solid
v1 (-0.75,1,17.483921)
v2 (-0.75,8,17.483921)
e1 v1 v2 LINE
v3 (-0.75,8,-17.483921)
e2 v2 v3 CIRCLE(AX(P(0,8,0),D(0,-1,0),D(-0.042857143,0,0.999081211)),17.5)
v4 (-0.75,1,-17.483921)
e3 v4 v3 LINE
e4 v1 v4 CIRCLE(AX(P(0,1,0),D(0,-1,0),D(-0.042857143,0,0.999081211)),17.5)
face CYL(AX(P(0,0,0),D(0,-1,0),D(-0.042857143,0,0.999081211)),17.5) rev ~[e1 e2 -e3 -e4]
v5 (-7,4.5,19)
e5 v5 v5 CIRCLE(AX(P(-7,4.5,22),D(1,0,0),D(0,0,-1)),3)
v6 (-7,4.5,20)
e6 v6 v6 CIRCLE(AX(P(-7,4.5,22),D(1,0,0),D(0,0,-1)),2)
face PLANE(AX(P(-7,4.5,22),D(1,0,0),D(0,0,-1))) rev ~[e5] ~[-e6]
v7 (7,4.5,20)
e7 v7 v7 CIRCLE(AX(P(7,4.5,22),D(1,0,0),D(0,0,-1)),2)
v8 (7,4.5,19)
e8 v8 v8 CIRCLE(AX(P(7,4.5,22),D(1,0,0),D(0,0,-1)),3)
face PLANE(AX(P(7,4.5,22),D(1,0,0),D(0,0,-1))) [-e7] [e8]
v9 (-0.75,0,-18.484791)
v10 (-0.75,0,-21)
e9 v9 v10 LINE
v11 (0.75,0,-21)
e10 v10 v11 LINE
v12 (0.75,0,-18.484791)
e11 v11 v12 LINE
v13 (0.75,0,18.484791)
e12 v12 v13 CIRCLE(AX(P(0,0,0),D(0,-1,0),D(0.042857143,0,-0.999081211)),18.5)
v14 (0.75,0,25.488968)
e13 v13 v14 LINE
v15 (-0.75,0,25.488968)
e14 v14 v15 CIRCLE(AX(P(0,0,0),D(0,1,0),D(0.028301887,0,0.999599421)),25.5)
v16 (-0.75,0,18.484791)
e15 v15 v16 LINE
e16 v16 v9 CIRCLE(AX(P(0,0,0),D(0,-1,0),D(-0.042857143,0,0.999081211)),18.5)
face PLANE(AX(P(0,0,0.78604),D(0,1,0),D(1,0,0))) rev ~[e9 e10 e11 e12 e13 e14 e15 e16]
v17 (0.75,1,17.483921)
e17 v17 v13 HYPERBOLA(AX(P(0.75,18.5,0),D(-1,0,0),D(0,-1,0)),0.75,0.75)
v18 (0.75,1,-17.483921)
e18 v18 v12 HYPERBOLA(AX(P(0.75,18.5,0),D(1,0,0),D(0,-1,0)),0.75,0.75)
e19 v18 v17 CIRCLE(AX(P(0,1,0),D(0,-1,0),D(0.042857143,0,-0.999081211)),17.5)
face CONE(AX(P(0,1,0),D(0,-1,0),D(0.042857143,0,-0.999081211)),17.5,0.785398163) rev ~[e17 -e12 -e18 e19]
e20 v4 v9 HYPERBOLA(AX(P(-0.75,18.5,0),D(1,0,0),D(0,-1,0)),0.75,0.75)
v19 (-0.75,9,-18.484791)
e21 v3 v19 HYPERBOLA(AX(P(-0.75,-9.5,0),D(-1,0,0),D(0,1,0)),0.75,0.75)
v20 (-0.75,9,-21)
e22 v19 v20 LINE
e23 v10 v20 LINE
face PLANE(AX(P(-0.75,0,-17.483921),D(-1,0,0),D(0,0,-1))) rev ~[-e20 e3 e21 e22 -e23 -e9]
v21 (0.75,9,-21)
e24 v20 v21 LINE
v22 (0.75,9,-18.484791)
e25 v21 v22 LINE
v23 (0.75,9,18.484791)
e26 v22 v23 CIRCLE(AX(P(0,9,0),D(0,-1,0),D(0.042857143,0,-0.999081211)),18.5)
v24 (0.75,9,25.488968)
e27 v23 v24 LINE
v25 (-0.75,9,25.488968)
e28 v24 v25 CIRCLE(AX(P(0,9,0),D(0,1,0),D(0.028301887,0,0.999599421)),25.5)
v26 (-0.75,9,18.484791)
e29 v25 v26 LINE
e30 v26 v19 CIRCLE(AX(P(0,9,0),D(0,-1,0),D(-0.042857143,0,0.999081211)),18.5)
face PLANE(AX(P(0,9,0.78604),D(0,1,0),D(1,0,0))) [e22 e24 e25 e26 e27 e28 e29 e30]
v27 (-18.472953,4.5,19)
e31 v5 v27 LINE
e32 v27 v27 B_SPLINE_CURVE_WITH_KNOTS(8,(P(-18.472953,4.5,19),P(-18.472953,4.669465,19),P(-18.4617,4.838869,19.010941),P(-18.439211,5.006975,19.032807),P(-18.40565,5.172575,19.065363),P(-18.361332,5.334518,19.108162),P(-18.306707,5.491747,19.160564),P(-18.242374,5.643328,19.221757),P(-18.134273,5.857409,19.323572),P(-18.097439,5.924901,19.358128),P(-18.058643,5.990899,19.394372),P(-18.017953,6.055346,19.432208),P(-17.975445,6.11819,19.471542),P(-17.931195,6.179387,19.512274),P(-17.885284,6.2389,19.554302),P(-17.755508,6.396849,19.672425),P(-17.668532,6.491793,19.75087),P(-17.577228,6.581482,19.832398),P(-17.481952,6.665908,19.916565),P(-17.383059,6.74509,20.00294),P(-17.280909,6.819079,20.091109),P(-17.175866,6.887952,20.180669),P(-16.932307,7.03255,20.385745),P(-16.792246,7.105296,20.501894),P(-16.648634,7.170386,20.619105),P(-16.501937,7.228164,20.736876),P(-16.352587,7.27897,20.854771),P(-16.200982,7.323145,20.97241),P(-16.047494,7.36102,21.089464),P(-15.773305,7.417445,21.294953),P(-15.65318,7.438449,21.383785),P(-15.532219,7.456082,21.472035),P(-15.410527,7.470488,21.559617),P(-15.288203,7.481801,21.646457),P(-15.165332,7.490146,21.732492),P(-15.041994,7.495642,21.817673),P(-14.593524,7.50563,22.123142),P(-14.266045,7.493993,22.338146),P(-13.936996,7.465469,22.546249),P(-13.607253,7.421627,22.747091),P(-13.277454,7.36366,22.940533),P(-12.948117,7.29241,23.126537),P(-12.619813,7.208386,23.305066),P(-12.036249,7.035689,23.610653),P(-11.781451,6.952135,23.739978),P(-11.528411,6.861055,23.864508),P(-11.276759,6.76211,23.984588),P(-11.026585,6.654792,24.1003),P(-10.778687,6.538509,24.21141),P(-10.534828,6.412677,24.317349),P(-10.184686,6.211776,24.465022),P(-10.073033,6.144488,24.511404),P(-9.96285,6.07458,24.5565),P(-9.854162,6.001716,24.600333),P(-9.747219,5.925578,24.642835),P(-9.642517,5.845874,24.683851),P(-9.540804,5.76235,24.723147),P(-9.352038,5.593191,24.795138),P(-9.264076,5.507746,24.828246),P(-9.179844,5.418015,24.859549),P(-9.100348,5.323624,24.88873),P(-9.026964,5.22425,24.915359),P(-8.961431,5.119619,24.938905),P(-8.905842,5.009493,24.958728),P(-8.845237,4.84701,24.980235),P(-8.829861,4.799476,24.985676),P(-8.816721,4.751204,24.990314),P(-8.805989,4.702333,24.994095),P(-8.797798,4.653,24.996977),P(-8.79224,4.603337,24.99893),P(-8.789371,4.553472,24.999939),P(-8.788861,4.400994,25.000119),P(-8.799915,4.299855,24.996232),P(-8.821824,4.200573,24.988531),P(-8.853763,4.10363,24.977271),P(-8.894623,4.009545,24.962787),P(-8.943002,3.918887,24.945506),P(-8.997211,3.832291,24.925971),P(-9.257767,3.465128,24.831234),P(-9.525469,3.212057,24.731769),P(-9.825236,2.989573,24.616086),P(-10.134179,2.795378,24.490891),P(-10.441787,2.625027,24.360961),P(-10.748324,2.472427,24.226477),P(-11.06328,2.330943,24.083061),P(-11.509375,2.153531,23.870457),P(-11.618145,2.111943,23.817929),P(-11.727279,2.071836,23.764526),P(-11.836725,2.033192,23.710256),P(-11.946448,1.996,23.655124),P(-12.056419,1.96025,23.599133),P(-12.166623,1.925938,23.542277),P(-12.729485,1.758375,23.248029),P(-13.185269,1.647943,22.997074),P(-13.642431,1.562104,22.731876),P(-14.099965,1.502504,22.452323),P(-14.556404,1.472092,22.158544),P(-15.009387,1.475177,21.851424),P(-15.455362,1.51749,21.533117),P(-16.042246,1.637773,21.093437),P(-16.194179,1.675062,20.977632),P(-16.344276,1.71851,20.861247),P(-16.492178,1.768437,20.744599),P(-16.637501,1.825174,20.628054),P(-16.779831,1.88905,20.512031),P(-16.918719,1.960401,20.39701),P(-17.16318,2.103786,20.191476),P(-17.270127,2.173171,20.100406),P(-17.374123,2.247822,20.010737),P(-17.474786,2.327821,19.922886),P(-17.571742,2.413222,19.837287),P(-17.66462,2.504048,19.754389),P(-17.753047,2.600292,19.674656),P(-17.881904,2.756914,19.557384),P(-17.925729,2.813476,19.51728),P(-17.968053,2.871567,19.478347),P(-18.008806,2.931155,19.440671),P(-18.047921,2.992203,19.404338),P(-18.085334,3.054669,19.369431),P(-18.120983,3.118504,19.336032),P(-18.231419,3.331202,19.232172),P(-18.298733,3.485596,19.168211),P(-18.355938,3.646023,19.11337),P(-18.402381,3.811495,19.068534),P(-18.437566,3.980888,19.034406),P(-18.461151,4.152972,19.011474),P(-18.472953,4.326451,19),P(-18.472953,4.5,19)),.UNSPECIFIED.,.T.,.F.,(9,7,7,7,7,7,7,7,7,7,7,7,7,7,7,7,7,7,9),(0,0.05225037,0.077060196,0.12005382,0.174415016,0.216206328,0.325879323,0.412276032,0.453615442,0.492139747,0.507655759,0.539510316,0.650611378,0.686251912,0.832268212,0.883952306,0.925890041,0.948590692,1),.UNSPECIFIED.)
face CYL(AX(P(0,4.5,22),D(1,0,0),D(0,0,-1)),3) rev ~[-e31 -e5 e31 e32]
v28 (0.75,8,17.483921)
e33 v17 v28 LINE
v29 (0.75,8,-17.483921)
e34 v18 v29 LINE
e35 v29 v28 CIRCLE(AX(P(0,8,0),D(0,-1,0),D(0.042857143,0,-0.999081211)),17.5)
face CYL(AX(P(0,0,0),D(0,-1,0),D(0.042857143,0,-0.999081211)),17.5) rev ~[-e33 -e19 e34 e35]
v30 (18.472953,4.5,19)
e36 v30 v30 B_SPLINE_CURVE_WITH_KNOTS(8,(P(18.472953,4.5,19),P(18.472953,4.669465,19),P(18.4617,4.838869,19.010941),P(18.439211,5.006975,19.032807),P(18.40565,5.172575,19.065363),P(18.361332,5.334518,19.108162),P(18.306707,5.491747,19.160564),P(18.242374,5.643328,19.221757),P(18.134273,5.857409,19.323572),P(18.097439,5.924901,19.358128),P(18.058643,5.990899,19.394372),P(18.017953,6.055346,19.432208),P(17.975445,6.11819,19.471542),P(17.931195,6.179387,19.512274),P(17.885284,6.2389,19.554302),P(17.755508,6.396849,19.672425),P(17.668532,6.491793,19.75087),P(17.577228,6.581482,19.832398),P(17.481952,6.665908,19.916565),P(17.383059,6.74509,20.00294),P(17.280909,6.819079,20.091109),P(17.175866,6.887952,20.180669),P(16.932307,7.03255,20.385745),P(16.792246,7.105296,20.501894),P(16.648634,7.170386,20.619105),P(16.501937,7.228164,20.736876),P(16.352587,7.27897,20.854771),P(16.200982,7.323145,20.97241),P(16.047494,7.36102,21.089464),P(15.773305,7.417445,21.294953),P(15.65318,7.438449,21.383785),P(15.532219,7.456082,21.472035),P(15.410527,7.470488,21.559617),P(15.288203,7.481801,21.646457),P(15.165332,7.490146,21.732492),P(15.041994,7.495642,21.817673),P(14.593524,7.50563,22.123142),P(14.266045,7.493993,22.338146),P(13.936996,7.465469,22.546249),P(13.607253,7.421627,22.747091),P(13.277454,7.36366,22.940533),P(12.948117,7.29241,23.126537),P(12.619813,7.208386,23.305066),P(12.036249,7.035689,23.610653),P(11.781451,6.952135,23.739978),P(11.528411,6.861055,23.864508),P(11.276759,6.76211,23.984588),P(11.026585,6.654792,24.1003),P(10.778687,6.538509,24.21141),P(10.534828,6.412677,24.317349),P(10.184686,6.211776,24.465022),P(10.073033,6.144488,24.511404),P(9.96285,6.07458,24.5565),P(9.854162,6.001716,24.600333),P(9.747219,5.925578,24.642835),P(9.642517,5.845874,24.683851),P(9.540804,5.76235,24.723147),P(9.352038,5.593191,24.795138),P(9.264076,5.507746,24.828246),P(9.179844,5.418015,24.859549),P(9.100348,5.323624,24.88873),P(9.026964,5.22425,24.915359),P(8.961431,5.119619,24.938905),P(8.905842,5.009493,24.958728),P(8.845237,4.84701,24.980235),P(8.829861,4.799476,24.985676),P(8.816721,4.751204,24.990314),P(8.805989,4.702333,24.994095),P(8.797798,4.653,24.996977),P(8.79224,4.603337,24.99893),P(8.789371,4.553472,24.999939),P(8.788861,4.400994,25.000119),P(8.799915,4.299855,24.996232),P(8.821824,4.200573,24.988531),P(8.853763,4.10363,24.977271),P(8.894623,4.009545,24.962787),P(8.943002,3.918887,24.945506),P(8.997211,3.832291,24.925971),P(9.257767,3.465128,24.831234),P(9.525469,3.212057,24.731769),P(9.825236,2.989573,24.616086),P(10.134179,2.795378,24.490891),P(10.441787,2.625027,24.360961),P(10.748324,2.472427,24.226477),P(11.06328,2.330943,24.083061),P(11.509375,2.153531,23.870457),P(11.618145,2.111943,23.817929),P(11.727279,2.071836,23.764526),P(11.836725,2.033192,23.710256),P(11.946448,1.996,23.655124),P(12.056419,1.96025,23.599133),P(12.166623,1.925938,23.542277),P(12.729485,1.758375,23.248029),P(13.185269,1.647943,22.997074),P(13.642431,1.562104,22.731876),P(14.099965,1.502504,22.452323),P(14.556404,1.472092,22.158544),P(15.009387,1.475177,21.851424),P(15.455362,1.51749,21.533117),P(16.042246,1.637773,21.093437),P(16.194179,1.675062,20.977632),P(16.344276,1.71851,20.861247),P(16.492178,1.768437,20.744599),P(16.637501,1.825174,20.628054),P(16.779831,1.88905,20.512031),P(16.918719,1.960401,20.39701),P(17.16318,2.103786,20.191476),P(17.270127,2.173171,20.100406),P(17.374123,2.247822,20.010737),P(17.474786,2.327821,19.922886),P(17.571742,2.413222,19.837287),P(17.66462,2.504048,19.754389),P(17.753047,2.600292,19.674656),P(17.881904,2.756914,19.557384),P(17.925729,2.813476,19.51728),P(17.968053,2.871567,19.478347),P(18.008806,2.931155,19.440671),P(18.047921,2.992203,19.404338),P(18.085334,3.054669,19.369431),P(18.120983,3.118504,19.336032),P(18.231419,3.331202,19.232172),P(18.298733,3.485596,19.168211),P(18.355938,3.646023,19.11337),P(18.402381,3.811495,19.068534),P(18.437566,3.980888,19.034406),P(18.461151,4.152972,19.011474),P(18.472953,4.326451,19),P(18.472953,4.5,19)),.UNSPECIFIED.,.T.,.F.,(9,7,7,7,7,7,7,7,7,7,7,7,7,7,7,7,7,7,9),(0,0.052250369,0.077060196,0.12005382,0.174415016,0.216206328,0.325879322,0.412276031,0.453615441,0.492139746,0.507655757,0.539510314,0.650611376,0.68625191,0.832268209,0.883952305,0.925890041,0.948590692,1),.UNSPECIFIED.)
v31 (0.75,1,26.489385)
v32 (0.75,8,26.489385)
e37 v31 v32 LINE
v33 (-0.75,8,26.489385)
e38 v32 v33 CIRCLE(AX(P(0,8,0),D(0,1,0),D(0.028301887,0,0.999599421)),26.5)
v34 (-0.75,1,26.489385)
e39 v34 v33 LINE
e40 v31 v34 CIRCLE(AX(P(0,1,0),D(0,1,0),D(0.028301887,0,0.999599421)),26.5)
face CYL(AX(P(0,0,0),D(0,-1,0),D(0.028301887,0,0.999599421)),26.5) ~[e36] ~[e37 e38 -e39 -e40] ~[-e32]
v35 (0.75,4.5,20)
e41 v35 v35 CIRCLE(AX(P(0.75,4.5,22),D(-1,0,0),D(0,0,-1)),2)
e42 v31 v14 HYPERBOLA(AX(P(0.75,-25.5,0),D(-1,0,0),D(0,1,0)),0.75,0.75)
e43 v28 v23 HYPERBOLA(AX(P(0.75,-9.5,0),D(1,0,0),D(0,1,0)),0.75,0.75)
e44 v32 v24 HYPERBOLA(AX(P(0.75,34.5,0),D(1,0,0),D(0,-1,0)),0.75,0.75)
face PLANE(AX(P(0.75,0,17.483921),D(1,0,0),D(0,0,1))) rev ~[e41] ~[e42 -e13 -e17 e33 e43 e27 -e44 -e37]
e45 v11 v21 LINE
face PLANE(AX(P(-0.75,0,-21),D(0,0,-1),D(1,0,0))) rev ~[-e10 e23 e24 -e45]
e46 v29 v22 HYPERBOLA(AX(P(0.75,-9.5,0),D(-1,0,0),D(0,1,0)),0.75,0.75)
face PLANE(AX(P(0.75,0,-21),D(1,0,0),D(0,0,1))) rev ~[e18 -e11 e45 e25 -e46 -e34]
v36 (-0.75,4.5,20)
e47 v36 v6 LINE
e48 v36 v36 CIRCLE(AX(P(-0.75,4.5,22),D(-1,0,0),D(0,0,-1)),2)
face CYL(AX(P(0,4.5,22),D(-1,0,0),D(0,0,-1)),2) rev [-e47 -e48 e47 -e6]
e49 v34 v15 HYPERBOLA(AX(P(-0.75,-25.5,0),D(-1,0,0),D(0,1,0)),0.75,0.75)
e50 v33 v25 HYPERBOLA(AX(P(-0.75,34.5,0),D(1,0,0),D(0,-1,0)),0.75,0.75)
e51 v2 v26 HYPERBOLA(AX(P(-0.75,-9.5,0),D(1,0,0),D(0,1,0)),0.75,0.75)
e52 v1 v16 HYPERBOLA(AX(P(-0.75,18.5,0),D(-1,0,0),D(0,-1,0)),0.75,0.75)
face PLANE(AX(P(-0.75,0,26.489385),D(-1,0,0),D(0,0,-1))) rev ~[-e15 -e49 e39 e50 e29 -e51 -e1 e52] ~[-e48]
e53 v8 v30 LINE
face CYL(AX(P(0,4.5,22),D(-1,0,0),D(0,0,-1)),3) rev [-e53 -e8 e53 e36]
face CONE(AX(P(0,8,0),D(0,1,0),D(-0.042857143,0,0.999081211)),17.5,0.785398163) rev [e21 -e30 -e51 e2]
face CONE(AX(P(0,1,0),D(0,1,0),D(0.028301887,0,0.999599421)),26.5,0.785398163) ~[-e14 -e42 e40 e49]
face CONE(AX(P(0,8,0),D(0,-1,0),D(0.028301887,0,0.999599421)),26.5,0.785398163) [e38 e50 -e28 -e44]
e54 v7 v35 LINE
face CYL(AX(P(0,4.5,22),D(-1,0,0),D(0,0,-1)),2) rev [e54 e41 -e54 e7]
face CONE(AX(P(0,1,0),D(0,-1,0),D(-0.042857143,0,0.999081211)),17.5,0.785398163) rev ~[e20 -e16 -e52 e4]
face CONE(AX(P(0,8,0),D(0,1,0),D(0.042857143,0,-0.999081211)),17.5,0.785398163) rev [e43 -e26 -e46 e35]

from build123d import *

# Parameters (mm, degrees)
BOSS_EXTRUDE1_DEPTH     = 9
CHAMFER1_SIZE           = 1
SKETCH2_R               = 3
CUT_EXTRUDE2_DEPTH      = 27.5
CUT_EXTRUDE2_DEPTH_BACK = 27.5
SKETCH2_3_R             = 3
SKETCH2_3_R_2           = 2
BOSS_EXTRUDE2_DEPTH     = 7
SKETCH3_W               = 1.5
SKETCH3_H               = 7.004177156
CUT_EXTRUDE3_DEPTH      = 1
CUT_EXTRUDE3_DEPTH_BACK = 10


with BuildPart() as part:
    # Sketch1 → Boss-Extrude1 (new body)
    with BuildSketch(Plane(origin=(0, 0, 0), x_dir=(1, 0, 0), z_dir=(0, 1, 0))):
        with BuildLine():
            Line((-0.75, 21), (0.75, 21))
            Line((0.75, 21), (0.75, 17.483921185))
            ThreePointArc((0.75, 17.483921185), (17.5, 0), (0.75, -17.483921185))
            Line((0.75, -17.483921185), (0.75, -26.489384666))
            ThreePointArc((0.75, -26.489384666), (0, 26.5), (-0.75, -26.489384666))
            Line((-0.75, -26.489384666), (-0.75, -17.483921185))
            ThreePointArc((-0.75, -17.483921185), (-17.5, 0), (-0.75, 17.483921185))
            Line((-0.75, 17.483921185), (-0.75, 21))
        make_face()
    extrude(amount=BOSS_EXTRUDE1_DEPTH)

    # Chamfer1
    chamfer1_edges = [part.edges().sort_by_distance(p)[0] for p in [
        (-17.5, 0, 0),
        (0, 0, -26.5),
        (-17.5, 9, 0),
        (17.5, 9, 0),
        (0, 9, -26.5),
        (17.5, 0, 0),
    ]]
    chamfer(chamfer1_edges, length=CHAMFER1_SIZE)

    # Sketch2 → Cut-Extrude2 (cut, two sides)
    with BuildSketch(Plane(origin=(0, 0, 0), x_dir=(0, 0, -1), z_dir=(1, 0, 0))) as cut_extrude2_sk:
        with Locations((-22, 4.5)):
            Circle(SKETCH2_R)
    extrude(amount=CUT_EXTRUDE2_DEPTH, mode=Mode.SUBTRACT)
    extrude(cut_extrude2_sk.sketch, amount=-CUT_EXTRUDE2_DEPTH_BACK, mode=Mode.SUBTRACT)

    # Sketch2<3> → Boss-Extrude2 (add, symmetric)
    with BuildSketch(Plane(origin=(0, 0, 0), x_dir=(0, 0, -1), z_dir=(1, 0, 0))):
        with Locations((-22, 4.5)):
            Circle(SKETCH2_3_R)
        with Locations((-22, 4.5)):
            Circle(SKETCH2_3_R_2, mode=Mode.SUBTRACT)
    extrude(amount=BOSS_EXTRUDE2_DEPTH, both=True)

    # Sketch3 → Cut-Extrude3 (cut, two sides)
    with BuildSketch(Plane(origin=(0, 9, 0), x_dir=(1, 0, 0), z_dir=(0, 1, 0))) as cut_extrude3_sk:
        with Locations((0, -21.986879624)):
            Rectangle(SKETCH3_W, SKETCH3_H)
    extrude(amount=CUT_EXTRUDE3_DEPTH, mode=Mode.SUBTRACT)
    extrude(cut_extrude3_sk.sketch, amount=-CUT_EXTRUDE3_DEPTH_BACK, mode=Mode.SUBTRACT)


solid = part.part
